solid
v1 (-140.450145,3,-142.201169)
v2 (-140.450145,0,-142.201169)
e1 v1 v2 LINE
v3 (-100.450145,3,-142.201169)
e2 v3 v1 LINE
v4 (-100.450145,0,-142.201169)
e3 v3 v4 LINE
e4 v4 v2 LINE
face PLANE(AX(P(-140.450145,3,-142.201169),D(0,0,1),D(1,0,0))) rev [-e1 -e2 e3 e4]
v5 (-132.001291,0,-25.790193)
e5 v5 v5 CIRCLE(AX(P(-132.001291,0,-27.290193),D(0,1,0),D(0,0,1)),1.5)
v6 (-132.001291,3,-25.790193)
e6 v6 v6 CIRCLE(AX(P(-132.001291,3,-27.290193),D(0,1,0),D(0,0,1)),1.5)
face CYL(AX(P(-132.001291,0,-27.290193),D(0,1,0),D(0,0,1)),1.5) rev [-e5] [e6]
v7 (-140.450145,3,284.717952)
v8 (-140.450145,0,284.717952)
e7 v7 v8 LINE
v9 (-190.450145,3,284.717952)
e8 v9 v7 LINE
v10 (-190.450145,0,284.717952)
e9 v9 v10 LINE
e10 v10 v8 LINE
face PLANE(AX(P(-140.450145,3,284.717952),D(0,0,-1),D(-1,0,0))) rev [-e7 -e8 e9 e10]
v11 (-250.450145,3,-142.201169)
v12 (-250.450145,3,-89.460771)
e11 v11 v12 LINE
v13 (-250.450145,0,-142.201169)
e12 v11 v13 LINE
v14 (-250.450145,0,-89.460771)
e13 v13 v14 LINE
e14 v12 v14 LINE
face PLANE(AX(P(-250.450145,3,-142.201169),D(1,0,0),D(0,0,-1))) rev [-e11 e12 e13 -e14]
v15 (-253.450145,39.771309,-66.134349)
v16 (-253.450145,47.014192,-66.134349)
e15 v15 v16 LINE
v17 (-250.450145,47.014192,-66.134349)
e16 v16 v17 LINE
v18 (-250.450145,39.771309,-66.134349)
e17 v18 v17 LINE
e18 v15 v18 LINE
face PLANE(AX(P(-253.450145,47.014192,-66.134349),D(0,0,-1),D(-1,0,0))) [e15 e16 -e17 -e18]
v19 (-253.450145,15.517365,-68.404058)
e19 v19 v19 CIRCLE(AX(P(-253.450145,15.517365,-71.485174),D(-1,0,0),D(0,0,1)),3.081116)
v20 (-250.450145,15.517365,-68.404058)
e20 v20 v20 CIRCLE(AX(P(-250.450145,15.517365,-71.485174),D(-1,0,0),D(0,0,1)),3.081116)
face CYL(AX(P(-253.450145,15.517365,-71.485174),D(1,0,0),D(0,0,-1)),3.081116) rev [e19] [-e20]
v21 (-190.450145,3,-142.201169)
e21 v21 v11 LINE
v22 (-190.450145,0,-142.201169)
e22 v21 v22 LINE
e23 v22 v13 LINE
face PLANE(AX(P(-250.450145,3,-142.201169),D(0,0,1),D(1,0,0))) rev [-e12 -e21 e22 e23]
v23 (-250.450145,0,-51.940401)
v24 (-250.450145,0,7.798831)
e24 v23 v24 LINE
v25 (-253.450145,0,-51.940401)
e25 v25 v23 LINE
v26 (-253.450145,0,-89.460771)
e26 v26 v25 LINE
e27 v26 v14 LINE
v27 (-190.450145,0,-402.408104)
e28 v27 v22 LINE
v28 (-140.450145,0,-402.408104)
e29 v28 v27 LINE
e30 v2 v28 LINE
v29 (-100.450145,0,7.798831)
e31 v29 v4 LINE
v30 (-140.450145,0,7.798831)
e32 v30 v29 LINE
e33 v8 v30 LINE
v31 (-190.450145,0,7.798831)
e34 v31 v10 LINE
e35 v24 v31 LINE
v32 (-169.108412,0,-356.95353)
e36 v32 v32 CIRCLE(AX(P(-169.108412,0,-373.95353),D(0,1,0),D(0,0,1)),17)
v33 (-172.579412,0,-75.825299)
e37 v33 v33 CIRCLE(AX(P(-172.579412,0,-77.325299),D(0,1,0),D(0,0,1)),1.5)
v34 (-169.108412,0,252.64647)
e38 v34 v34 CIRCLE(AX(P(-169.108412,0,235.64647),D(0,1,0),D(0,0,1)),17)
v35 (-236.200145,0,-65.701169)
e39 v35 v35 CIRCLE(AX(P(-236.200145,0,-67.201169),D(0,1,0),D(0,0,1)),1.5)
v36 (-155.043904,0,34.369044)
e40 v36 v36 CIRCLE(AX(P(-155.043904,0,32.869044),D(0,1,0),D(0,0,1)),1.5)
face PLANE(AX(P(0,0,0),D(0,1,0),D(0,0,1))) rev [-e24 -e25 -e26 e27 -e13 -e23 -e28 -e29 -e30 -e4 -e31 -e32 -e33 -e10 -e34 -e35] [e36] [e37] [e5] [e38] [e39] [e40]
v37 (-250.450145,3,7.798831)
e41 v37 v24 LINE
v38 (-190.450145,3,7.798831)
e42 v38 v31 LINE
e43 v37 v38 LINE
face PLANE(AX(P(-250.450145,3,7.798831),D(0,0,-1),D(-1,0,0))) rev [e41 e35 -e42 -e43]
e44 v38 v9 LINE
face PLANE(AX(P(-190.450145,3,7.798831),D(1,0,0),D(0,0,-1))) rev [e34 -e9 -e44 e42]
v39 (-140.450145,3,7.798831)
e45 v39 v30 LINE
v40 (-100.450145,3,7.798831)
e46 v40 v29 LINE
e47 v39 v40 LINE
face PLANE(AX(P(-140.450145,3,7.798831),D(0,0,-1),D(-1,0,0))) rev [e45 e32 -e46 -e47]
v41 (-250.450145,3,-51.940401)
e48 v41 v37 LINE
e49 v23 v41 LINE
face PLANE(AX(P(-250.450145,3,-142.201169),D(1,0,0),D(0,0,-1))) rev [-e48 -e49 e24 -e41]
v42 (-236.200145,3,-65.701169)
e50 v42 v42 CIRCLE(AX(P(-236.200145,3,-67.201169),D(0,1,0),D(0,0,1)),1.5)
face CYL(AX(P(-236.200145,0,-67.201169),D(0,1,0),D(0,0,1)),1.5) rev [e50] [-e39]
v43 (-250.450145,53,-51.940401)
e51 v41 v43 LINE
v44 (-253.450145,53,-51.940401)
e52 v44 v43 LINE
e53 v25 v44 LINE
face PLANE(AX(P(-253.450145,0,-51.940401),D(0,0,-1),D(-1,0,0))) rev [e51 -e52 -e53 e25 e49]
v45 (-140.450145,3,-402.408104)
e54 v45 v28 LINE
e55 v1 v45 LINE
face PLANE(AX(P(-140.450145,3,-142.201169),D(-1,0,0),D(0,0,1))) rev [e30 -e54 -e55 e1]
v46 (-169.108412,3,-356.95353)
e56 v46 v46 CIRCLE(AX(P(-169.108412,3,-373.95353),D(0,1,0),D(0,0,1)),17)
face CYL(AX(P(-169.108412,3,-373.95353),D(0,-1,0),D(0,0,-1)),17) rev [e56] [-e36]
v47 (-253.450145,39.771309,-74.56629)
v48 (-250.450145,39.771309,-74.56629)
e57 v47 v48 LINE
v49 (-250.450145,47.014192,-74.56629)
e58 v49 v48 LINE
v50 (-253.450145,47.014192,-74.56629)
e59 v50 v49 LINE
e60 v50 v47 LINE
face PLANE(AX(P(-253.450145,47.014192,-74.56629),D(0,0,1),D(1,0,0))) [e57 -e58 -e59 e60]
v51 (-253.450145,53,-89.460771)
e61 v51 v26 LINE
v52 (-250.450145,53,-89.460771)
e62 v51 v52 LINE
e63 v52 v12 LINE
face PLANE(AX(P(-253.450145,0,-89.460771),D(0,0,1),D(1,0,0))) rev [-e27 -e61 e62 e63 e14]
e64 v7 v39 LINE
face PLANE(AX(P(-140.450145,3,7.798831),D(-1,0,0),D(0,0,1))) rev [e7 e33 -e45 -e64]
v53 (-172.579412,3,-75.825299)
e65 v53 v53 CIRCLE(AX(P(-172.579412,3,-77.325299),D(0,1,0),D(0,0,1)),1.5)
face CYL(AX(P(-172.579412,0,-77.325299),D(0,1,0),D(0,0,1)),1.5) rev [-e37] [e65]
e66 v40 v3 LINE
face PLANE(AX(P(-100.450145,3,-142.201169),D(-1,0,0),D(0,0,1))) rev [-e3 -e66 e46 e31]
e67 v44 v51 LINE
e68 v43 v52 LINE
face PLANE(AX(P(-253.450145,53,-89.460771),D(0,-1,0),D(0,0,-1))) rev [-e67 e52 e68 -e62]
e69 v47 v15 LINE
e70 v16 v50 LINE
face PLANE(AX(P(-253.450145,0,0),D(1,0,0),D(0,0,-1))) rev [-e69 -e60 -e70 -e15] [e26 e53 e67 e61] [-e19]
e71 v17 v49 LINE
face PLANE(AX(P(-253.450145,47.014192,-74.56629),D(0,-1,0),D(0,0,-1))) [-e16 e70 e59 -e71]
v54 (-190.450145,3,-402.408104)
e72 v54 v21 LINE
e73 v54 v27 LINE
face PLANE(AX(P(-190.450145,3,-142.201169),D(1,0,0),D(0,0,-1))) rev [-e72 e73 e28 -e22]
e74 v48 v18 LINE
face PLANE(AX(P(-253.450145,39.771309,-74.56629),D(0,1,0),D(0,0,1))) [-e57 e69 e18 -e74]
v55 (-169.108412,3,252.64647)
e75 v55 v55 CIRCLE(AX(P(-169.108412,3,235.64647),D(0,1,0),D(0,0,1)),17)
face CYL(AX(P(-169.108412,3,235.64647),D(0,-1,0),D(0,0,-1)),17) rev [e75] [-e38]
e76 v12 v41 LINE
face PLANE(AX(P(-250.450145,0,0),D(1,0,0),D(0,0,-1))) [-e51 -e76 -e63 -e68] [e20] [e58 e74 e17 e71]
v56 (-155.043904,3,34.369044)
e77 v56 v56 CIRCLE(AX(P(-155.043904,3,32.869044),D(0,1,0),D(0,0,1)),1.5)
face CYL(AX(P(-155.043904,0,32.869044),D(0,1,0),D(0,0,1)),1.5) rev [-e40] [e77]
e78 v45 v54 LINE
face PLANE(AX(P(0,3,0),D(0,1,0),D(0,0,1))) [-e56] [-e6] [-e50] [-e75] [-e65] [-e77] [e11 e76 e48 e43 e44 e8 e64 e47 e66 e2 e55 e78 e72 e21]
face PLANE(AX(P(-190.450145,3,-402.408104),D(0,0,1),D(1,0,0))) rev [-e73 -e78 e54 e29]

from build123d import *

# Parameters (mm, degrees)
SKETCH1_R           = 17
BOSS_EXTRUDE1_DEPTH = 3
SKETCH3_W           = 37.520369423
SKETCH3_H           = 53
SKETCH3_R           = 3.081115769
SKETCH3_W_2         = 8.431940609
SKETCH3_H_2         = 7.24288365
BOSS_EXTRUDE2_DEPTH = 3
SKETCH2_R           = 1.5
CUT_EXTRUDE1_DEPTH  = 3


with BuildPart() as part:
    # Sketch1 → Boss-Extrude1 (new body)
    with BuildSketch(Plane(origin=(0, 0, 0), x_dir=(1, 0, 0), z_dir=(0, 1, 0))):
        Polygon((-140.450145292, 142.201168563), (-100.450145292, 142.201168563), (-100.450145292, -7.798831437), (-140.450145292, -7.798831437), (-140.450145292, -284.717952364), (-190.450145292, -284.717952364), (-190.450145292, -7.798831437), (-250.450145292, -7.798831437), (-250.450145292, 142.201168563), (-200.450145292, 142.201168563), (-190.450145292, 142.201168563), (-190.450145292, 402.408103705), (-140.450145292, 402.408103705), align=None)
        with Locations(Location((-169.10841193, 373.953530137, 0), (0, 0, 270))):
            Circle(SKETCH1_R, mode=Mode.SUBTRACT)
        with Locations(Location((-169.10841193, -235.646469863, 0), (0, 0, 270))):
            Circle(SKETCH1_R, mode=Mode.SUBTRACT)
    extrude(amount=BOSS_EXTRUDE1_DEPTH)

    # Sketch3 → Boss-Extrude2 (add)
    with BuildSketch(Plane.ZY.offset(250.450145292)):
        with Locations((-70.700585856, 26.5)):
            Rectangle(SKETCH3_W, SKETCH3_H)
        with Locations((-71.485173946, 15.517365386)):
            Circle(SKETCH3_R, mode=Mode.SUBTRACT)
        with Locations((-70.350319411, 43.392750381)):
            Rectangle(SKETCH3_W_2, SKETCH3_H_2, mode=Mode.SUBTRACT)
    extrude(amount=BOSS_EXTRUDE2_DEPTH)

    # Sketch2 → Cut-Extrude1 (cut)
    with BuildSketch(Plane(origin=(0, 3, 0), x_dir=(1, 0, 0), z_dir=(0, 1, 0))):
        with Locations(Location((-236.200145292, 67.201168563, 0), (0, 0, 270))):
            Circle(SKETCH2_R)
        with Locations(Location((-172.579411925, 77.325298746, 0), (0, 0, 270))):
            Circle(SKETCH2_R)
        with Locations(Location((-132.001291312, 27.290192535, 0), (0, 0, 270))):
            Circle(SKETCH2_R)
        with Locations(Location((-155.043904065, -32.86904386, 0), (0, 0, 270))):
            Circle(SKETCH2_R)
        with Locations((-218.664637432, -42.993174043)):
            Circle(SKETCH2_R)
        with Locations((-259.242758045, 7.041932168)):
            Circle(SKETCH2_R)
    extrude(amount=-CUT_EXTRUDE1_DEPTH, mode=Mode.SUBTRACT)


solid = part.part
